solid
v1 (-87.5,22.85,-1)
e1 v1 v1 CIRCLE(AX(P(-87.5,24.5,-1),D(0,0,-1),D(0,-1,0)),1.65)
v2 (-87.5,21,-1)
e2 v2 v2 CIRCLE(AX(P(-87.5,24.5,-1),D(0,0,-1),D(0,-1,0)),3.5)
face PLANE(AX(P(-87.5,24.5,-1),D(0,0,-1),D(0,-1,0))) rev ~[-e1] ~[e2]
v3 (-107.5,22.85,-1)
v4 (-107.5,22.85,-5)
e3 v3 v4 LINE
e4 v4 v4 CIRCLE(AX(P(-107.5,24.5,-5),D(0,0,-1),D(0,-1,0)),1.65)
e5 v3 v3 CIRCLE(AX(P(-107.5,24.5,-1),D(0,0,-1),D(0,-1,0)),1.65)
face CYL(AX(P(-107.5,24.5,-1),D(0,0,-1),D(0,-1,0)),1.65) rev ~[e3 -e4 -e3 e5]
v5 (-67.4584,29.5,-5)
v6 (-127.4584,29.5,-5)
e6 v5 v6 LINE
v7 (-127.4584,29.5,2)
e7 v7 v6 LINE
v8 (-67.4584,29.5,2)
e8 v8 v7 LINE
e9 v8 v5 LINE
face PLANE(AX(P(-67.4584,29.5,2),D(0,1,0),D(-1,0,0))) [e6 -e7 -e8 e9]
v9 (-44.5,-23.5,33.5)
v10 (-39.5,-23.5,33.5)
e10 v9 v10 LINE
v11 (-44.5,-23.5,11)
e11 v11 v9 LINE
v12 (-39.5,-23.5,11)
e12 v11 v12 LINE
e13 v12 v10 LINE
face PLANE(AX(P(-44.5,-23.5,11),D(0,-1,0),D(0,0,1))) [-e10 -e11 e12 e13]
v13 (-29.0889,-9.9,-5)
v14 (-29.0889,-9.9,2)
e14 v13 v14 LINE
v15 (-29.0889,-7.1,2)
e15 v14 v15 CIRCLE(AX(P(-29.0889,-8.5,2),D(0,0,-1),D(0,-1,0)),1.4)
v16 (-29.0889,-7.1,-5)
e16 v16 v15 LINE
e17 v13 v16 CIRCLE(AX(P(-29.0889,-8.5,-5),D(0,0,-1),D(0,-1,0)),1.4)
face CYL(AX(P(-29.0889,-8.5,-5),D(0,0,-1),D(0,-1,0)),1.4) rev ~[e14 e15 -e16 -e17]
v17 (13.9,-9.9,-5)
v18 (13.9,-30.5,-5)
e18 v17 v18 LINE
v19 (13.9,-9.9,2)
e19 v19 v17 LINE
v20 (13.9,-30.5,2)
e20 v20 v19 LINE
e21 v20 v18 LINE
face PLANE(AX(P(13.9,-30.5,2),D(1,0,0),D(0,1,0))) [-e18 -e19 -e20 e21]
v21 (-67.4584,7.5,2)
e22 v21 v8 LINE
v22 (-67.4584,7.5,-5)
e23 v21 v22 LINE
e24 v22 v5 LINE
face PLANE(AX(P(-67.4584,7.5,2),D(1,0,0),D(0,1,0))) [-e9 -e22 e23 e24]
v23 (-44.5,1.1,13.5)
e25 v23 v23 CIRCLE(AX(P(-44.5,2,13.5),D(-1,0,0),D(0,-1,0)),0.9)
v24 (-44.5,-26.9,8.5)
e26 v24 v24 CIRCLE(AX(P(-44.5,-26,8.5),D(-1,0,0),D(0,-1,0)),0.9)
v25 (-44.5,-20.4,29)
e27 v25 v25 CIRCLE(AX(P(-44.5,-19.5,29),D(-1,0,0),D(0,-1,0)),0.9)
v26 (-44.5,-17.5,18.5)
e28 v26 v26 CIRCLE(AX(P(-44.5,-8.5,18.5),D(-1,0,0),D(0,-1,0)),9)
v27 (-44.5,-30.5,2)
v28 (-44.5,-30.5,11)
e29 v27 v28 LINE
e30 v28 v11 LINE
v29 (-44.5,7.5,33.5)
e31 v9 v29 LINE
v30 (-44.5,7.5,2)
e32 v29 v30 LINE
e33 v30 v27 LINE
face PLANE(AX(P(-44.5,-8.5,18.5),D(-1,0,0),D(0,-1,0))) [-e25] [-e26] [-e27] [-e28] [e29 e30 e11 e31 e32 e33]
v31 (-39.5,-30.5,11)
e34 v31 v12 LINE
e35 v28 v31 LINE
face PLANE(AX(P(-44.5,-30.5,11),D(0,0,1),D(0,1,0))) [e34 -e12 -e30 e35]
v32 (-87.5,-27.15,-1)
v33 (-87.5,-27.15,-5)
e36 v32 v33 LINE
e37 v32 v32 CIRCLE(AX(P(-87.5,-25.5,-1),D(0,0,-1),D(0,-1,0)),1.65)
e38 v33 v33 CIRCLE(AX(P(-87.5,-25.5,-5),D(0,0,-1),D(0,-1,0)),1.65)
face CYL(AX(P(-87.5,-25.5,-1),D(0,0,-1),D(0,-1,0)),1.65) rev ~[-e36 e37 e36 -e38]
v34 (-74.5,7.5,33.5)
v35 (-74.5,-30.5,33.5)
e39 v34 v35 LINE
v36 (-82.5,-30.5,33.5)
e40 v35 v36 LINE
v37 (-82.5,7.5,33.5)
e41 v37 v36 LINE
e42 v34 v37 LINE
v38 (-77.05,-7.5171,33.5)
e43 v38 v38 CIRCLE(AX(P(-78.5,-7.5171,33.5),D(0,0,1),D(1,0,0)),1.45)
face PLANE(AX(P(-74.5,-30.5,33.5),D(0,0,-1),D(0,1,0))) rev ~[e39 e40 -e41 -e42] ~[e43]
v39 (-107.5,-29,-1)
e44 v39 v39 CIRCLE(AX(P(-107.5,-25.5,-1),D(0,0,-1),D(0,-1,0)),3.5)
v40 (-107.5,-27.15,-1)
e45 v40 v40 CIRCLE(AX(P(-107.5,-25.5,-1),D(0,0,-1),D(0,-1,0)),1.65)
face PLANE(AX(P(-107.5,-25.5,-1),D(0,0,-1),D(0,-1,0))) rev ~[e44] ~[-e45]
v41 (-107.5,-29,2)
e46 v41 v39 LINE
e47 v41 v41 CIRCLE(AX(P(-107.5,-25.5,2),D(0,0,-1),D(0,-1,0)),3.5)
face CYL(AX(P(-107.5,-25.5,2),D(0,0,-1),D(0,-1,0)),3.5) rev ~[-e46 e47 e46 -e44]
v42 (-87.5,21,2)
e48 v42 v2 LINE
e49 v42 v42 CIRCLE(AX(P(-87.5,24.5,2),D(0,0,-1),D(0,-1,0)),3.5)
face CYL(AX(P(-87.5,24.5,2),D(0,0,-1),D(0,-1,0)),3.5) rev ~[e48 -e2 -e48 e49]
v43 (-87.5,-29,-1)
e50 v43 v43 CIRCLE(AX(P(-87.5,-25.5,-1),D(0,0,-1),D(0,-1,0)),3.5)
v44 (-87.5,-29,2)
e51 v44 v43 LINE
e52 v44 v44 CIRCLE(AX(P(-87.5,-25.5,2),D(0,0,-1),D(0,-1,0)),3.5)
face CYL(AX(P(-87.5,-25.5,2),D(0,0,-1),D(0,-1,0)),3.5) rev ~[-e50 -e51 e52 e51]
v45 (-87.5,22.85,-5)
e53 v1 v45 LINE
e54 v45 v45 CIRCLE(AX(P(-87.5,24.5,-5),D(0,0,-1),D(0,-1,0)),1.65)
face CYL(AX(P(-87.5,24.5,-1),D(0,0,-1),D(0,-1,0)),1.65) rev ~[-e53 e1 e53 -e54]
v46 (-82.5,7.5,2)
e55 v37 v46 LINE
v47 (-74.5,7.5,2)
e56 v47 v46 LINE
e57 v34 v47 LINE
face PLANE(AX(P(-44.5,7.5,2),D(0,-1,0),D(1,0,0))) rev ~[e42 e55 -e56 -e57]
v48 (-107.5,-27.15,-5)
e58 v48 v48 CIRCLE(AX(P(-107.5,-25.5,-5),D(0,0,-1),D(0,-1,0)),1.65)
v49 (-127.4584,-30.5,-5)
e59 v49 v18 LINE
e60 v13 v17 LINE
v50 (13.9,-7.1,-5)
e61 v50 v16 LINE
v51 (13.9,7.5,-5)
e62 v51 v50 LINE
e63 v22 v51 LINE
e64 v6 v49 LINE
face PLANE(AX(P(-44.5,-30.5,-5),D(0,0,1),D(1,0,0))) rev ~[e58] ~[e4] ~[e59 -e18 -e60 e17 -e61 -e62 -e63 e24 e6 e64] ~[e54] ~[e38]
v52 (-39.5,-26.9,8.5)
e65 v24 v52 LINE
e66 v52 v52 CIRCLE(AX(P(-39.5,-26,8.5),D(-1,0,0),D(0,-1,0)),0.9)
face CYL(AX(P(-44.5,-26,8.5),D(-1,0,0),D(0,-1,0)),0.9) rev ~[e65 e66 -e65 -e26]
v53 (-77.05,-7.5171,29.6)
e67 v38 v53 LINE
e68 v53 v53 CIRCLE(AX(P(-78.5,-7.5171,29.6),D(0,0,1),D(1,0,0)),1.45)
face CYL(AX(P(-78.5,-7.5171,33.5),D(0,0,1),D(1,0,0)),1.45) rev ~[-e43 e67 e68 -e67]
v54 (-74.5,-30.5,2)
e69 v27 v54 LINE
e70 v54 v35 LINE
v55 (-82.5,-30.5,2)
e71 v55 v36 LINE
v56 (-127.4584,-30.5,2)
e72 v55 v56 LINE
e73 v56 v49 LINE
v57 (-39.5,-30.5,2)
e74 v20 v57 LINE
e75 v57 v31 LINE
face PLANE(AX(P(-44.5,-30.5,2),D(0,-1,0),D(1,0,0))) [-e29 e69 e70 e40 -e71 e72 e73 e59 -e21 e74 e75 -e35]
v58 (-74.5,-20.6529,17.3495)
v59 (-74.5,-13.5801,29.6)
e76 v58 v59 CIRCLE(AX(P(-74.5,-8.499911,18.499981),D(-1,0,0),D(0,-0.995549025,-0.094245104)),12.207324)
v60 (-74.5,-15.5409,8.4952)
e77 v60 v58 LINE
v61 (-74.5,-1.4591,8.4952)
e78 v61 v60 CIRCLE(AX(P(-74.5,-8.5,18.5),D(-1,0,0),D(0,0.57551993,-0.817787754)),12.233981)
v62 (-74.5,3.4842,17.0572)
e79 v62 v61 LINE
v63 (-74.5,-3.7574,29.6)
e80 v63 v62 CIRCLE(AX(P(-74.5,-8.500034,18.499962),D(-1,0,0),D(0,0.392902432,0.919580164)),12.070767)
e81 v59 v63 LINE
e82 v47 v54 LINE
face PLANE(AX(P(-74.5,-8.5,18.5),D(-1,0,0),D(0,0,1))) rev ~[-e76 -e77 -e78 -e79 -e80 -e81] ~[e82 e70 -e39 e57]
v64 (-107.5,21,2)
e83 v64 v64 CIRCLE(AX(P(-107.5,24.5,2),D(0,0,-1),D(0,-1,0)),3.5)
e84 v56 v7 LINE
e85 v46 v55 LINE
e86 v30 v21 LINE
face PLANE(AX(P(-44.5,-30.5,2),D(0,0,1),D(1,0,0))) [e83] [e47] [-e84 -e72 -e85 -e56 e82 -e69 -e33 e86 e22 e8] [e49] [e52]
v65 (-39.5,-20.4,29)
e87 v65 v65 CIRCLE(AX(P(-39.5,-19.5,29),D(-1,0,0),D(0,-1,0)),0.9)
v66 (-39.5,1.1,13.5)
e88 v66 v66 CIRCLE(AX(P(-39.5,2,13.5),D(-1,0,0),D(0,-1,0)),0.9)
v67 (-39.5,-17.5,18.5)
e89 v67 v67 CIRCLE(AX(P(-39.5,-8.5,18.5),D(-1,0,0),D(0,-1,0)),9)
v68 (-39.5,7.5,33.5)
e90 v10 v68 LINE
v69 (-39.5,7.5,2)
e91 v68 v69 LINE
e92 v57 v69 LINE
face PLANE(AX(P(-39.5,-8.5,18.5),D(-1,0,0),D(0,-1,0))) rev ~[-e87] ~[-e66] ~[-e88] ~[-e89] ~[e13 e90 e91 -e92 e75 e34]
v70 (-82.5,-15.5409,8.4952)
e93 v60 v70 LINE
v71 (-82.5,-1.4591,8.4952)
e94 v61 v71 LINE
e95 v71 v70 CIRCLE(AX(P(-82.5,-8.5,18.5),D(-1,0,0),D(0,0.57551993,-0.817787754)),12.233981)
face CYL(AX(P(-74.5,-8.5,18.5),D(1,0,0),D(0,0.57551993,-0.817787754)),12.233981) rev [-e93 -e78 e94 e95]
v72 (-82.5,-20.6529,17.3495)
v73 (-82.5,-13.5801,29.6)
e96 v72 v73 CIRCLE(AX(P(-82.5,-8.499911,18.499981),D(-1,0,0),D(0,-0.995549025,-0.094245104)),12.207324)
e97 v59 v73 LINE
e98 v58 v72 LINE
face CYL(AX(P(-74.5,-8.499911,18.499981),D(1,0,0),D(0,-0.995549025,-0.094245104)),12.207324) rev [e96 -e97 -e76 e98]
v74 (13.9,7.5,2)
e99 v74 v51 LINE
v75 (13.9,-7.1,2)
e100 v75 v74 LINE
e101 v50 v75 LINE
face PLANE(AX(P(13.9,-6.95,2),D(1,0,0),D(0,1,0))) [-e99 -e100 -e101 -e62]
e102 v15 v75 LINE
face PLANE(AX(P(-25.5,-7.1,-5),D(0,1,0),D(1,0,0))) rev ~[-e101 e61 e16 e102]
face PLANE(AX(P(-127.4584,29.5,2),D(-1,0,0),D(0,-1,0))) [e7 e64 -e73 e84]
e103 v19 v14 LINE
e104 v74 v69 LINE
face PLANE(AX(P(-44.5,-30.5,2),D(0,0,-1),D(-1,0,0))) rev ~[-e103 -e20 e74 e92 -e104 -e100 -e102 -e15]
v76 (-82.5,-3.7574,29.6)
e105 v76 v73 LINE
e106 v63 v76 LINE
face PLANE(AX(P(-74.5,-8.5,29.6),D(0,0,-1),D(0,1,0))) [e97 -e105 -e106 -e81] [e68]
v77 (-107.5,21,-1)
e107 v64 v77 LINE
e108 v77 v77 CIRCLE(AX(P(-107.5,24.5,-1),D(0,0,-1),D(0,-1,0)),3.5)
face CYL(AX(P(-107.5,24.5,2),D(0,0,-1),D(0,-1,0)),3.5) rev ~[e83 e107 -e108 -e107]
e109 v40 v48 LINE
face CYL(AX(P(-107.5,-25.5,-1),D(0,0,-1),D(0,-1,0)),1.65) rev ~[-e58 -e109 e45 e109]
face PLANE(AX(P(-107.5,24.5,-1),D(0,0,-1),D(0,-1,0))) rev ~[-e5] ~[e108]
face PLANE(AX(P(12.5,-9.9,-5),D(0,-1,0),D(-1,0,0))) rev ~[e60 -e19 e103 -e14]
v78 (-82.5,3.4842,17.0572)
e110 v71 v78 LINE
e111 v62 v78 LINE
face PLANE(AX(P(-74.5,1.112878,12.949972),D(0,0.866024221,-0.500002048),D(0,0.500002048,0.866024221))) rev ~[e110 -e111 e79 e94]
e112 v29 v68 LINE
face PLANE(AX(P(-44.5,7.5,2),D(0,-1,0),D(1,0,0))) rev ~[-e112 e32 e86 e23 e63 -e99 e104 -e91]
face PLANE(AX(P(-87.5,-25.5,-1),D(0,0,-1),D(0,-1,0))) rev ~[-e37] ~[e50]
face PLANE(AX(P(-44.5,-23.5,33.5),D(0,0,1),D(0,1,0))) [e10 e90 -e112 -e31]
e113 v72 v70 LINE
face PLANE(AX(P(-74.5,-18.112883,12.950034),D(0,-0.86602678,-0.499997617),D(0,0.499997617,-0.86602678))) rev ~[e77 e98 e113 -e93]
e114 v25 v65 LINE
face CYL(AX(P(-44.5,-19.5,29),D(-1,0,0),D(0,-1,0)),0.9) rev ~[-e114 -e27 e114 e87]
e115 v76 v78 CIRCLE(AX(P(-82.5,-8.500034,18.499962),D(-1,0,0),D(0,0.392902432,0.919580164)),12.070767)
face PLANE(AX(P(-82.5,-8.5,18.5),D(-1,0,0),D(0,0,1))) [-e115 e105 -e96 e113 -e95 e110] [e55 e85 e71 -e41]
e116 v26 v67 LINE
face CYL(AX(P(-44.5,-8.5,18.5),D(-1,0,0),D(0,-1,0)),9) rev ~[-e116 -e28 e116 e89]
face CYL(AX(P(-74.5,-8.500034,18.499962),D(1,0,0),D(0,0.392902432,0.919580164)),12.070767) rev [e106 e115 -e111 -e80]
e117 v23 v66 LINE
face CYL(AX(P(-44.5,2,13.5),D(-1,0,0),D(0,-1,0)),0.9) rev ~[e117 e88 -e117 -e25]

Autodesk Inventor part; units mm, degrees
ref_plane "YZ Plane" through (0, 0, 0) normal (1, 0, 0) x (0, 1, 0)
ref_plane "Work Plane10" through (-44.5, -14.2241, 18.7548) normal (1, 0, 0) x (0, -0.9087, 0.4175)
ref_plane "Work Plane11" through (-44.5, -8.5, 18.5) normal (-1, 0, 0) x (0, -1, 0)
sketch "Sketch9" plane through (-44.5, -8.5, 18.5) normal (-1, 0, 0) x (0, -1, 0)
  line L0 (16.8555, -12.7) -> (20, -12.7) construction
  circle A0 centre (17.5, -10) radius 1 construction
  circle A1 centre (11, 10.5) radius 1 construction
  circle A2 centre (-10.5, -5) radius 1 construction
  circle A3 centre (0, 0) radius 2.4142 construction
  line L1 (-15, 15) -> (15, 15) construction
  line L2 (16, -16) -> (-16, -16) construction
  line L3 (15, 15) -> (15, -15) construction
  line L4 (16, 16) -> (16, -16) construction
  line L5 (-16, -16) -> (-16, 16) construction
  line L6 (15, 15) -> (-16, 15)
  line L7 (-16, 15) -> (-16, -16.5)
  line L8 (-16, -16.5) -> (15, -16.5)
  line L9 (15, -16.5) -> (15, 15)
  circle A4 centre (11, 10.5) radius 0.9
  circle A5 centre (17.5, -10) radius 0.9
  circle A6 centre (-10.5, -5) radius 0.9
  circle A7 centre (0, 0) radius 9
  line L10 (15, -16.5) -> (22, -16.5)
  line L11 (22, -16.5) -> (22, -7.5)
  line L12 (22, -7.5) -> (15, -7.5)
  line L13 (15, -7.5) -> (15, -16.5)
  point P0 (-8.5, -18.5)
  dimension "d34" = 31.5
  dimension "d35" = 1.8
  dimension "d36" = 1.8
  dimension "d37" = 1.8
  dimension "d38" = 18
  dimension "d39" = 7
  dimension "d40" = 9
extrude "Extrusion7" add sketch "Sketch9" against normal blind 5
ref_plane "Work Plane12" through (-127.4584, -23.859, -5) normal (0, 0, 1) x (1, 0, 0)
sketch "Sketch10" plane through (-44.5, -30.5, 2) normal (0, 0, -1) x (-1, 0, 0)
  line L0 (0, 0) -> (0, 38) projected
  line L1 (0, 38) -> (-5, 38) projected
  line L2 (-5, 0) -> (-5, 38) projected
  line L3 (0, 0) -> (-5, 0) projected
  circle A0 centre (-19, 22) radius 1.4
  circle A1 centre (-57, 22) radius 1.4
  line L4 (82.9584, 8.641) -> (82.9584, 51.641)
  line L5 (-58.4, 38) -> (82.9584, 38)
  line L6 (82.9584, 38) -> (82.9584, 0)
  line L7 (82.9584, 0) -> (-58.4, 0)
  line L8 (-58.4, 0) -> (-58.4, 38)
  line L9 (-63.3254, 22) -> (-14.2903, 22) construction
  line L10 (-61.7754, 20.45) -> (-15.8403, 20.45)
  line L11 (-15.8403, 23.55) -> (-61.7754, 23.55)
  arc A2 (-61.7754, 23.55) -> (-61.7754, 20.45) centre (-61.7754, 22) ccw
  arc A3 (-15.8403, 20.45) -> (-15.8403, 23.55) centre (-15.8403, 22) ccw
  point P0 (-44.5, 30.5)
  point P1 (-38.8079, 22)
  dimension "d43" = 3.1
extrude "Extrusion8" add sketch "Sketch10" along normal up to surface (7 mm away) contours L3 L2 L1 L0 | L0 L5 L4 L6 L7 | L7 L8 L10 A3 L11 L5 L2 | L8 L11 A3 L10
sketch "Sketch11" plane through (-44.5, -30.5, -5) normal (0, 0, -1) x (-1, 0, 0)
  circle A0 centre (-57, 22) radius 1.4 projected
  circle A1 centre (-19, 22) radius 1.4 projected
  line L0 (-61.4468, 22) -> (-14.0111, 22) construction
  line L1 (-60.0468, 20.6) -> (-15.4111, 20.6)
  line L2 (-15.4111, 23.4) -> (-60.0468, 23.4)
  arc A2 (-60.0468, 23.4) -> (-60.0468, 20.6) centre (-60.0468, 22) ccw
  arc A3 (-15.4111, 20.6) -> (-15.4111, 23.4) centre (-15.4111, 22) ccw
  point P0 (-44.5, 30.5)
  point P1 (-58.4, 22)
  point P2 (-37.729, 22)
extrude "Extrusion9" cut sketch "Sketch11" against normal through all contours A0 | A0 L2 A1 L1 | A0 L1 A2 L2 | L2 A3 L1 A1
ref_plane "Work Plane13" through (-74.5, -8.5, 18.5) normal (-1, 0, 0) x (0, 0, 1)
sketch "Sketch12" plane through (-74.5, -8.5, 18.5) normal (-1, 0, 0) x (0, 0, 1)
  circle A0 centre (0, 0) radius 10.125
  line L0 (-31.5, -12.684) -> (-23.5, -12.684)
  line L1 (-1.4, 6.6) -> (-6.6, 6.6)
  line L2 (-23.5, -22) -> (-23.5, 16) projected
  line L3 (-16.5, -22) -> (-23.5, -22) projected
  line L4 (-16.5, 16) -> (-16.5, -22) projected
  line L5 (-16.5, 16) -> (-23.5, 16) projected
  line L6 (15, 15) -> (15, -15)
  line L7 (-16.5, -22) -> (15, -22)
  line L8 (15, -22) -> (15, 16)
  line L9 (15, 16) -> (-16.5, 16)
  line L10 (-16.5, 16) -> (-16.5, -22)
  circle A1 centre (0, 0) radius 11.1
  line L11 (11.1, -5.0801) -> (11.1, 4.7426)
  line L12 (-1.1505, -12.1529) -> (-10.0048, -7.0409)
  line L13 (-10.0048, 7.0409) -> (-1.4428, 11.9842)
  arc A2 (-1.1505, -12.1529) -> (11.1, -5.0801) centre (0, 0) ccw
  arc A3 (11.1, 4.7426) -> (-1.4428, 11.9842) centre (0, 0) ccw
  arc A4 (-10.0048, 7.0409) -> (-10.0048, -7.0409) centre (0, 0) ccw
  point P0 (-18.5, 8.5)
  dimension "d51" = 60
  dimension "d52" = 60
  dimension "d73" = 22.2
extrude "Extrusion10" add sketch "Sketch12" along normal blind 8 contours L4 L9 L8 L6 L7
sketch "Sketch13" plane through (-74.5, -30.5, 33.5) normal (0, 0, 1) x (1, 0, 0)
  line L0 (0, 38) -> (0, 0) projected
  line L1 (0, 38) -> (-8, 38) projected
  line L2 (-8, 0) -> (-8, 38) projected
  line L3 (0, 0) -> (-8, 0) projected
  line L4 (6.7208, 32.125) -> (-12.4892, 32.125)
  circle A0 centre (-4, 22.9829) radius 1.45
  point P0 (74.5, 30.5)
  dimension "d55" = 2.9
extrude "Extrusion11" cut sketch "Sketch13" against normal blind 8 contours A0
sketch "Sketch14" plane through (-44.5, -30.5, 2) normal (0, 0, 1) x (1, 0, 0)
  circle A0 centre (-63, 55) radius 1.45
  circle A1 centre (-43, 55) radius 1.45
  line L0 (-30, 38) -> (-38, 38) projected
  line L1 (-82.9584, 38) -> (58.4, 38) projected
  line L2 (-82.9584, 38) -> (-22.9584, 38)
  line L3 (-22.9584, 38) -> (-22.9584, 60)
  line L4 (-22.9584, 60) -> (-82.9584, 60)
  line L5 (-82.9584, 60) -> (-82.9584, 38)
  point P0 (44.5, 30.5)
  dimension "d71" = 60
  dimension "d72" = 22
ref_plane "Work Plane14" through (-127.4584, -23.859, -5) normal (0, 0, 1) x (1, 0, 0)
extrude "Extrusion12" add sketch "Sketch14" against normal up to surface (7 mm away)
sketch "Sketch15" plane through (-44.5, -30.5, 2) normal (0, 0, 1) x (1, 0, 0)
  line L0 (-82.9584, 0) -> (-38, 0) projected
  line L1 (-38, 0) -> (-38, 38) projected
  line L2 (-30, 38) -> (-38, 38) projected
  line L3 (-30, 38) -> (-30, 0) projected
  line L4 (-30, 0) -> (0, 0) projected
  line L5 (0, 0) -> (0, 38) projected
  line L6 (0, 38) -> (-22.9584, 38) projected
  line L7 (58.4, 20.6) -> (15.4111, 20.6) projected
  arc A0 (15.4111, 23.4) -> (15.4111, 20.6) centre (15.4111, 22) ccw projected
  line L8 (15.4111, 23.4) -> (58.4, 23.4) projected
  line L9 (58.4, 23.4) -> (58.4, 38) projected
  line L10 (5, 0) -> (5, 38) projected
  line L11 (5, 0) -> (58.4, 0) projected
  line L12 (58.4, 0) -> (58.4, 20.6) projected
  line L13 (-22.9584, 38) -> (-22.9584, 60) projected
  line L14 (-22.9584, 60) -> (-82.9584, 60) projected
  circle A1 centre (-63, 5) radius 1.45
  circle A2 centre (-43, 5) radius 1.45
  circle A3 centre (-43, 55) radius 1.45 projected
  circle A4 centre (-63, 55) radius 1.45 projected
  line L15 (-82.9584, 60) -> (-82.9584, 0) projected
  line L16 (58.4, 38) -> (5, 38) projected
  point P0 (44.5, 30.5)
  point P1 (-42.9584, 11.641)
  point P2 (-62.9584, 11.641)
hole "Hole3" at (-107.5, -25.5, 2) at (-87.5, -25.5, 2) at (-107.5, 24.5, 2) at (-87.5, 24.5, 2) direction (0, 0, -1) diameter 3.3 end through all counterbore diameter 7 counterbore depth 3
properties part number "cellSTORM_inverted_Laser_left"
